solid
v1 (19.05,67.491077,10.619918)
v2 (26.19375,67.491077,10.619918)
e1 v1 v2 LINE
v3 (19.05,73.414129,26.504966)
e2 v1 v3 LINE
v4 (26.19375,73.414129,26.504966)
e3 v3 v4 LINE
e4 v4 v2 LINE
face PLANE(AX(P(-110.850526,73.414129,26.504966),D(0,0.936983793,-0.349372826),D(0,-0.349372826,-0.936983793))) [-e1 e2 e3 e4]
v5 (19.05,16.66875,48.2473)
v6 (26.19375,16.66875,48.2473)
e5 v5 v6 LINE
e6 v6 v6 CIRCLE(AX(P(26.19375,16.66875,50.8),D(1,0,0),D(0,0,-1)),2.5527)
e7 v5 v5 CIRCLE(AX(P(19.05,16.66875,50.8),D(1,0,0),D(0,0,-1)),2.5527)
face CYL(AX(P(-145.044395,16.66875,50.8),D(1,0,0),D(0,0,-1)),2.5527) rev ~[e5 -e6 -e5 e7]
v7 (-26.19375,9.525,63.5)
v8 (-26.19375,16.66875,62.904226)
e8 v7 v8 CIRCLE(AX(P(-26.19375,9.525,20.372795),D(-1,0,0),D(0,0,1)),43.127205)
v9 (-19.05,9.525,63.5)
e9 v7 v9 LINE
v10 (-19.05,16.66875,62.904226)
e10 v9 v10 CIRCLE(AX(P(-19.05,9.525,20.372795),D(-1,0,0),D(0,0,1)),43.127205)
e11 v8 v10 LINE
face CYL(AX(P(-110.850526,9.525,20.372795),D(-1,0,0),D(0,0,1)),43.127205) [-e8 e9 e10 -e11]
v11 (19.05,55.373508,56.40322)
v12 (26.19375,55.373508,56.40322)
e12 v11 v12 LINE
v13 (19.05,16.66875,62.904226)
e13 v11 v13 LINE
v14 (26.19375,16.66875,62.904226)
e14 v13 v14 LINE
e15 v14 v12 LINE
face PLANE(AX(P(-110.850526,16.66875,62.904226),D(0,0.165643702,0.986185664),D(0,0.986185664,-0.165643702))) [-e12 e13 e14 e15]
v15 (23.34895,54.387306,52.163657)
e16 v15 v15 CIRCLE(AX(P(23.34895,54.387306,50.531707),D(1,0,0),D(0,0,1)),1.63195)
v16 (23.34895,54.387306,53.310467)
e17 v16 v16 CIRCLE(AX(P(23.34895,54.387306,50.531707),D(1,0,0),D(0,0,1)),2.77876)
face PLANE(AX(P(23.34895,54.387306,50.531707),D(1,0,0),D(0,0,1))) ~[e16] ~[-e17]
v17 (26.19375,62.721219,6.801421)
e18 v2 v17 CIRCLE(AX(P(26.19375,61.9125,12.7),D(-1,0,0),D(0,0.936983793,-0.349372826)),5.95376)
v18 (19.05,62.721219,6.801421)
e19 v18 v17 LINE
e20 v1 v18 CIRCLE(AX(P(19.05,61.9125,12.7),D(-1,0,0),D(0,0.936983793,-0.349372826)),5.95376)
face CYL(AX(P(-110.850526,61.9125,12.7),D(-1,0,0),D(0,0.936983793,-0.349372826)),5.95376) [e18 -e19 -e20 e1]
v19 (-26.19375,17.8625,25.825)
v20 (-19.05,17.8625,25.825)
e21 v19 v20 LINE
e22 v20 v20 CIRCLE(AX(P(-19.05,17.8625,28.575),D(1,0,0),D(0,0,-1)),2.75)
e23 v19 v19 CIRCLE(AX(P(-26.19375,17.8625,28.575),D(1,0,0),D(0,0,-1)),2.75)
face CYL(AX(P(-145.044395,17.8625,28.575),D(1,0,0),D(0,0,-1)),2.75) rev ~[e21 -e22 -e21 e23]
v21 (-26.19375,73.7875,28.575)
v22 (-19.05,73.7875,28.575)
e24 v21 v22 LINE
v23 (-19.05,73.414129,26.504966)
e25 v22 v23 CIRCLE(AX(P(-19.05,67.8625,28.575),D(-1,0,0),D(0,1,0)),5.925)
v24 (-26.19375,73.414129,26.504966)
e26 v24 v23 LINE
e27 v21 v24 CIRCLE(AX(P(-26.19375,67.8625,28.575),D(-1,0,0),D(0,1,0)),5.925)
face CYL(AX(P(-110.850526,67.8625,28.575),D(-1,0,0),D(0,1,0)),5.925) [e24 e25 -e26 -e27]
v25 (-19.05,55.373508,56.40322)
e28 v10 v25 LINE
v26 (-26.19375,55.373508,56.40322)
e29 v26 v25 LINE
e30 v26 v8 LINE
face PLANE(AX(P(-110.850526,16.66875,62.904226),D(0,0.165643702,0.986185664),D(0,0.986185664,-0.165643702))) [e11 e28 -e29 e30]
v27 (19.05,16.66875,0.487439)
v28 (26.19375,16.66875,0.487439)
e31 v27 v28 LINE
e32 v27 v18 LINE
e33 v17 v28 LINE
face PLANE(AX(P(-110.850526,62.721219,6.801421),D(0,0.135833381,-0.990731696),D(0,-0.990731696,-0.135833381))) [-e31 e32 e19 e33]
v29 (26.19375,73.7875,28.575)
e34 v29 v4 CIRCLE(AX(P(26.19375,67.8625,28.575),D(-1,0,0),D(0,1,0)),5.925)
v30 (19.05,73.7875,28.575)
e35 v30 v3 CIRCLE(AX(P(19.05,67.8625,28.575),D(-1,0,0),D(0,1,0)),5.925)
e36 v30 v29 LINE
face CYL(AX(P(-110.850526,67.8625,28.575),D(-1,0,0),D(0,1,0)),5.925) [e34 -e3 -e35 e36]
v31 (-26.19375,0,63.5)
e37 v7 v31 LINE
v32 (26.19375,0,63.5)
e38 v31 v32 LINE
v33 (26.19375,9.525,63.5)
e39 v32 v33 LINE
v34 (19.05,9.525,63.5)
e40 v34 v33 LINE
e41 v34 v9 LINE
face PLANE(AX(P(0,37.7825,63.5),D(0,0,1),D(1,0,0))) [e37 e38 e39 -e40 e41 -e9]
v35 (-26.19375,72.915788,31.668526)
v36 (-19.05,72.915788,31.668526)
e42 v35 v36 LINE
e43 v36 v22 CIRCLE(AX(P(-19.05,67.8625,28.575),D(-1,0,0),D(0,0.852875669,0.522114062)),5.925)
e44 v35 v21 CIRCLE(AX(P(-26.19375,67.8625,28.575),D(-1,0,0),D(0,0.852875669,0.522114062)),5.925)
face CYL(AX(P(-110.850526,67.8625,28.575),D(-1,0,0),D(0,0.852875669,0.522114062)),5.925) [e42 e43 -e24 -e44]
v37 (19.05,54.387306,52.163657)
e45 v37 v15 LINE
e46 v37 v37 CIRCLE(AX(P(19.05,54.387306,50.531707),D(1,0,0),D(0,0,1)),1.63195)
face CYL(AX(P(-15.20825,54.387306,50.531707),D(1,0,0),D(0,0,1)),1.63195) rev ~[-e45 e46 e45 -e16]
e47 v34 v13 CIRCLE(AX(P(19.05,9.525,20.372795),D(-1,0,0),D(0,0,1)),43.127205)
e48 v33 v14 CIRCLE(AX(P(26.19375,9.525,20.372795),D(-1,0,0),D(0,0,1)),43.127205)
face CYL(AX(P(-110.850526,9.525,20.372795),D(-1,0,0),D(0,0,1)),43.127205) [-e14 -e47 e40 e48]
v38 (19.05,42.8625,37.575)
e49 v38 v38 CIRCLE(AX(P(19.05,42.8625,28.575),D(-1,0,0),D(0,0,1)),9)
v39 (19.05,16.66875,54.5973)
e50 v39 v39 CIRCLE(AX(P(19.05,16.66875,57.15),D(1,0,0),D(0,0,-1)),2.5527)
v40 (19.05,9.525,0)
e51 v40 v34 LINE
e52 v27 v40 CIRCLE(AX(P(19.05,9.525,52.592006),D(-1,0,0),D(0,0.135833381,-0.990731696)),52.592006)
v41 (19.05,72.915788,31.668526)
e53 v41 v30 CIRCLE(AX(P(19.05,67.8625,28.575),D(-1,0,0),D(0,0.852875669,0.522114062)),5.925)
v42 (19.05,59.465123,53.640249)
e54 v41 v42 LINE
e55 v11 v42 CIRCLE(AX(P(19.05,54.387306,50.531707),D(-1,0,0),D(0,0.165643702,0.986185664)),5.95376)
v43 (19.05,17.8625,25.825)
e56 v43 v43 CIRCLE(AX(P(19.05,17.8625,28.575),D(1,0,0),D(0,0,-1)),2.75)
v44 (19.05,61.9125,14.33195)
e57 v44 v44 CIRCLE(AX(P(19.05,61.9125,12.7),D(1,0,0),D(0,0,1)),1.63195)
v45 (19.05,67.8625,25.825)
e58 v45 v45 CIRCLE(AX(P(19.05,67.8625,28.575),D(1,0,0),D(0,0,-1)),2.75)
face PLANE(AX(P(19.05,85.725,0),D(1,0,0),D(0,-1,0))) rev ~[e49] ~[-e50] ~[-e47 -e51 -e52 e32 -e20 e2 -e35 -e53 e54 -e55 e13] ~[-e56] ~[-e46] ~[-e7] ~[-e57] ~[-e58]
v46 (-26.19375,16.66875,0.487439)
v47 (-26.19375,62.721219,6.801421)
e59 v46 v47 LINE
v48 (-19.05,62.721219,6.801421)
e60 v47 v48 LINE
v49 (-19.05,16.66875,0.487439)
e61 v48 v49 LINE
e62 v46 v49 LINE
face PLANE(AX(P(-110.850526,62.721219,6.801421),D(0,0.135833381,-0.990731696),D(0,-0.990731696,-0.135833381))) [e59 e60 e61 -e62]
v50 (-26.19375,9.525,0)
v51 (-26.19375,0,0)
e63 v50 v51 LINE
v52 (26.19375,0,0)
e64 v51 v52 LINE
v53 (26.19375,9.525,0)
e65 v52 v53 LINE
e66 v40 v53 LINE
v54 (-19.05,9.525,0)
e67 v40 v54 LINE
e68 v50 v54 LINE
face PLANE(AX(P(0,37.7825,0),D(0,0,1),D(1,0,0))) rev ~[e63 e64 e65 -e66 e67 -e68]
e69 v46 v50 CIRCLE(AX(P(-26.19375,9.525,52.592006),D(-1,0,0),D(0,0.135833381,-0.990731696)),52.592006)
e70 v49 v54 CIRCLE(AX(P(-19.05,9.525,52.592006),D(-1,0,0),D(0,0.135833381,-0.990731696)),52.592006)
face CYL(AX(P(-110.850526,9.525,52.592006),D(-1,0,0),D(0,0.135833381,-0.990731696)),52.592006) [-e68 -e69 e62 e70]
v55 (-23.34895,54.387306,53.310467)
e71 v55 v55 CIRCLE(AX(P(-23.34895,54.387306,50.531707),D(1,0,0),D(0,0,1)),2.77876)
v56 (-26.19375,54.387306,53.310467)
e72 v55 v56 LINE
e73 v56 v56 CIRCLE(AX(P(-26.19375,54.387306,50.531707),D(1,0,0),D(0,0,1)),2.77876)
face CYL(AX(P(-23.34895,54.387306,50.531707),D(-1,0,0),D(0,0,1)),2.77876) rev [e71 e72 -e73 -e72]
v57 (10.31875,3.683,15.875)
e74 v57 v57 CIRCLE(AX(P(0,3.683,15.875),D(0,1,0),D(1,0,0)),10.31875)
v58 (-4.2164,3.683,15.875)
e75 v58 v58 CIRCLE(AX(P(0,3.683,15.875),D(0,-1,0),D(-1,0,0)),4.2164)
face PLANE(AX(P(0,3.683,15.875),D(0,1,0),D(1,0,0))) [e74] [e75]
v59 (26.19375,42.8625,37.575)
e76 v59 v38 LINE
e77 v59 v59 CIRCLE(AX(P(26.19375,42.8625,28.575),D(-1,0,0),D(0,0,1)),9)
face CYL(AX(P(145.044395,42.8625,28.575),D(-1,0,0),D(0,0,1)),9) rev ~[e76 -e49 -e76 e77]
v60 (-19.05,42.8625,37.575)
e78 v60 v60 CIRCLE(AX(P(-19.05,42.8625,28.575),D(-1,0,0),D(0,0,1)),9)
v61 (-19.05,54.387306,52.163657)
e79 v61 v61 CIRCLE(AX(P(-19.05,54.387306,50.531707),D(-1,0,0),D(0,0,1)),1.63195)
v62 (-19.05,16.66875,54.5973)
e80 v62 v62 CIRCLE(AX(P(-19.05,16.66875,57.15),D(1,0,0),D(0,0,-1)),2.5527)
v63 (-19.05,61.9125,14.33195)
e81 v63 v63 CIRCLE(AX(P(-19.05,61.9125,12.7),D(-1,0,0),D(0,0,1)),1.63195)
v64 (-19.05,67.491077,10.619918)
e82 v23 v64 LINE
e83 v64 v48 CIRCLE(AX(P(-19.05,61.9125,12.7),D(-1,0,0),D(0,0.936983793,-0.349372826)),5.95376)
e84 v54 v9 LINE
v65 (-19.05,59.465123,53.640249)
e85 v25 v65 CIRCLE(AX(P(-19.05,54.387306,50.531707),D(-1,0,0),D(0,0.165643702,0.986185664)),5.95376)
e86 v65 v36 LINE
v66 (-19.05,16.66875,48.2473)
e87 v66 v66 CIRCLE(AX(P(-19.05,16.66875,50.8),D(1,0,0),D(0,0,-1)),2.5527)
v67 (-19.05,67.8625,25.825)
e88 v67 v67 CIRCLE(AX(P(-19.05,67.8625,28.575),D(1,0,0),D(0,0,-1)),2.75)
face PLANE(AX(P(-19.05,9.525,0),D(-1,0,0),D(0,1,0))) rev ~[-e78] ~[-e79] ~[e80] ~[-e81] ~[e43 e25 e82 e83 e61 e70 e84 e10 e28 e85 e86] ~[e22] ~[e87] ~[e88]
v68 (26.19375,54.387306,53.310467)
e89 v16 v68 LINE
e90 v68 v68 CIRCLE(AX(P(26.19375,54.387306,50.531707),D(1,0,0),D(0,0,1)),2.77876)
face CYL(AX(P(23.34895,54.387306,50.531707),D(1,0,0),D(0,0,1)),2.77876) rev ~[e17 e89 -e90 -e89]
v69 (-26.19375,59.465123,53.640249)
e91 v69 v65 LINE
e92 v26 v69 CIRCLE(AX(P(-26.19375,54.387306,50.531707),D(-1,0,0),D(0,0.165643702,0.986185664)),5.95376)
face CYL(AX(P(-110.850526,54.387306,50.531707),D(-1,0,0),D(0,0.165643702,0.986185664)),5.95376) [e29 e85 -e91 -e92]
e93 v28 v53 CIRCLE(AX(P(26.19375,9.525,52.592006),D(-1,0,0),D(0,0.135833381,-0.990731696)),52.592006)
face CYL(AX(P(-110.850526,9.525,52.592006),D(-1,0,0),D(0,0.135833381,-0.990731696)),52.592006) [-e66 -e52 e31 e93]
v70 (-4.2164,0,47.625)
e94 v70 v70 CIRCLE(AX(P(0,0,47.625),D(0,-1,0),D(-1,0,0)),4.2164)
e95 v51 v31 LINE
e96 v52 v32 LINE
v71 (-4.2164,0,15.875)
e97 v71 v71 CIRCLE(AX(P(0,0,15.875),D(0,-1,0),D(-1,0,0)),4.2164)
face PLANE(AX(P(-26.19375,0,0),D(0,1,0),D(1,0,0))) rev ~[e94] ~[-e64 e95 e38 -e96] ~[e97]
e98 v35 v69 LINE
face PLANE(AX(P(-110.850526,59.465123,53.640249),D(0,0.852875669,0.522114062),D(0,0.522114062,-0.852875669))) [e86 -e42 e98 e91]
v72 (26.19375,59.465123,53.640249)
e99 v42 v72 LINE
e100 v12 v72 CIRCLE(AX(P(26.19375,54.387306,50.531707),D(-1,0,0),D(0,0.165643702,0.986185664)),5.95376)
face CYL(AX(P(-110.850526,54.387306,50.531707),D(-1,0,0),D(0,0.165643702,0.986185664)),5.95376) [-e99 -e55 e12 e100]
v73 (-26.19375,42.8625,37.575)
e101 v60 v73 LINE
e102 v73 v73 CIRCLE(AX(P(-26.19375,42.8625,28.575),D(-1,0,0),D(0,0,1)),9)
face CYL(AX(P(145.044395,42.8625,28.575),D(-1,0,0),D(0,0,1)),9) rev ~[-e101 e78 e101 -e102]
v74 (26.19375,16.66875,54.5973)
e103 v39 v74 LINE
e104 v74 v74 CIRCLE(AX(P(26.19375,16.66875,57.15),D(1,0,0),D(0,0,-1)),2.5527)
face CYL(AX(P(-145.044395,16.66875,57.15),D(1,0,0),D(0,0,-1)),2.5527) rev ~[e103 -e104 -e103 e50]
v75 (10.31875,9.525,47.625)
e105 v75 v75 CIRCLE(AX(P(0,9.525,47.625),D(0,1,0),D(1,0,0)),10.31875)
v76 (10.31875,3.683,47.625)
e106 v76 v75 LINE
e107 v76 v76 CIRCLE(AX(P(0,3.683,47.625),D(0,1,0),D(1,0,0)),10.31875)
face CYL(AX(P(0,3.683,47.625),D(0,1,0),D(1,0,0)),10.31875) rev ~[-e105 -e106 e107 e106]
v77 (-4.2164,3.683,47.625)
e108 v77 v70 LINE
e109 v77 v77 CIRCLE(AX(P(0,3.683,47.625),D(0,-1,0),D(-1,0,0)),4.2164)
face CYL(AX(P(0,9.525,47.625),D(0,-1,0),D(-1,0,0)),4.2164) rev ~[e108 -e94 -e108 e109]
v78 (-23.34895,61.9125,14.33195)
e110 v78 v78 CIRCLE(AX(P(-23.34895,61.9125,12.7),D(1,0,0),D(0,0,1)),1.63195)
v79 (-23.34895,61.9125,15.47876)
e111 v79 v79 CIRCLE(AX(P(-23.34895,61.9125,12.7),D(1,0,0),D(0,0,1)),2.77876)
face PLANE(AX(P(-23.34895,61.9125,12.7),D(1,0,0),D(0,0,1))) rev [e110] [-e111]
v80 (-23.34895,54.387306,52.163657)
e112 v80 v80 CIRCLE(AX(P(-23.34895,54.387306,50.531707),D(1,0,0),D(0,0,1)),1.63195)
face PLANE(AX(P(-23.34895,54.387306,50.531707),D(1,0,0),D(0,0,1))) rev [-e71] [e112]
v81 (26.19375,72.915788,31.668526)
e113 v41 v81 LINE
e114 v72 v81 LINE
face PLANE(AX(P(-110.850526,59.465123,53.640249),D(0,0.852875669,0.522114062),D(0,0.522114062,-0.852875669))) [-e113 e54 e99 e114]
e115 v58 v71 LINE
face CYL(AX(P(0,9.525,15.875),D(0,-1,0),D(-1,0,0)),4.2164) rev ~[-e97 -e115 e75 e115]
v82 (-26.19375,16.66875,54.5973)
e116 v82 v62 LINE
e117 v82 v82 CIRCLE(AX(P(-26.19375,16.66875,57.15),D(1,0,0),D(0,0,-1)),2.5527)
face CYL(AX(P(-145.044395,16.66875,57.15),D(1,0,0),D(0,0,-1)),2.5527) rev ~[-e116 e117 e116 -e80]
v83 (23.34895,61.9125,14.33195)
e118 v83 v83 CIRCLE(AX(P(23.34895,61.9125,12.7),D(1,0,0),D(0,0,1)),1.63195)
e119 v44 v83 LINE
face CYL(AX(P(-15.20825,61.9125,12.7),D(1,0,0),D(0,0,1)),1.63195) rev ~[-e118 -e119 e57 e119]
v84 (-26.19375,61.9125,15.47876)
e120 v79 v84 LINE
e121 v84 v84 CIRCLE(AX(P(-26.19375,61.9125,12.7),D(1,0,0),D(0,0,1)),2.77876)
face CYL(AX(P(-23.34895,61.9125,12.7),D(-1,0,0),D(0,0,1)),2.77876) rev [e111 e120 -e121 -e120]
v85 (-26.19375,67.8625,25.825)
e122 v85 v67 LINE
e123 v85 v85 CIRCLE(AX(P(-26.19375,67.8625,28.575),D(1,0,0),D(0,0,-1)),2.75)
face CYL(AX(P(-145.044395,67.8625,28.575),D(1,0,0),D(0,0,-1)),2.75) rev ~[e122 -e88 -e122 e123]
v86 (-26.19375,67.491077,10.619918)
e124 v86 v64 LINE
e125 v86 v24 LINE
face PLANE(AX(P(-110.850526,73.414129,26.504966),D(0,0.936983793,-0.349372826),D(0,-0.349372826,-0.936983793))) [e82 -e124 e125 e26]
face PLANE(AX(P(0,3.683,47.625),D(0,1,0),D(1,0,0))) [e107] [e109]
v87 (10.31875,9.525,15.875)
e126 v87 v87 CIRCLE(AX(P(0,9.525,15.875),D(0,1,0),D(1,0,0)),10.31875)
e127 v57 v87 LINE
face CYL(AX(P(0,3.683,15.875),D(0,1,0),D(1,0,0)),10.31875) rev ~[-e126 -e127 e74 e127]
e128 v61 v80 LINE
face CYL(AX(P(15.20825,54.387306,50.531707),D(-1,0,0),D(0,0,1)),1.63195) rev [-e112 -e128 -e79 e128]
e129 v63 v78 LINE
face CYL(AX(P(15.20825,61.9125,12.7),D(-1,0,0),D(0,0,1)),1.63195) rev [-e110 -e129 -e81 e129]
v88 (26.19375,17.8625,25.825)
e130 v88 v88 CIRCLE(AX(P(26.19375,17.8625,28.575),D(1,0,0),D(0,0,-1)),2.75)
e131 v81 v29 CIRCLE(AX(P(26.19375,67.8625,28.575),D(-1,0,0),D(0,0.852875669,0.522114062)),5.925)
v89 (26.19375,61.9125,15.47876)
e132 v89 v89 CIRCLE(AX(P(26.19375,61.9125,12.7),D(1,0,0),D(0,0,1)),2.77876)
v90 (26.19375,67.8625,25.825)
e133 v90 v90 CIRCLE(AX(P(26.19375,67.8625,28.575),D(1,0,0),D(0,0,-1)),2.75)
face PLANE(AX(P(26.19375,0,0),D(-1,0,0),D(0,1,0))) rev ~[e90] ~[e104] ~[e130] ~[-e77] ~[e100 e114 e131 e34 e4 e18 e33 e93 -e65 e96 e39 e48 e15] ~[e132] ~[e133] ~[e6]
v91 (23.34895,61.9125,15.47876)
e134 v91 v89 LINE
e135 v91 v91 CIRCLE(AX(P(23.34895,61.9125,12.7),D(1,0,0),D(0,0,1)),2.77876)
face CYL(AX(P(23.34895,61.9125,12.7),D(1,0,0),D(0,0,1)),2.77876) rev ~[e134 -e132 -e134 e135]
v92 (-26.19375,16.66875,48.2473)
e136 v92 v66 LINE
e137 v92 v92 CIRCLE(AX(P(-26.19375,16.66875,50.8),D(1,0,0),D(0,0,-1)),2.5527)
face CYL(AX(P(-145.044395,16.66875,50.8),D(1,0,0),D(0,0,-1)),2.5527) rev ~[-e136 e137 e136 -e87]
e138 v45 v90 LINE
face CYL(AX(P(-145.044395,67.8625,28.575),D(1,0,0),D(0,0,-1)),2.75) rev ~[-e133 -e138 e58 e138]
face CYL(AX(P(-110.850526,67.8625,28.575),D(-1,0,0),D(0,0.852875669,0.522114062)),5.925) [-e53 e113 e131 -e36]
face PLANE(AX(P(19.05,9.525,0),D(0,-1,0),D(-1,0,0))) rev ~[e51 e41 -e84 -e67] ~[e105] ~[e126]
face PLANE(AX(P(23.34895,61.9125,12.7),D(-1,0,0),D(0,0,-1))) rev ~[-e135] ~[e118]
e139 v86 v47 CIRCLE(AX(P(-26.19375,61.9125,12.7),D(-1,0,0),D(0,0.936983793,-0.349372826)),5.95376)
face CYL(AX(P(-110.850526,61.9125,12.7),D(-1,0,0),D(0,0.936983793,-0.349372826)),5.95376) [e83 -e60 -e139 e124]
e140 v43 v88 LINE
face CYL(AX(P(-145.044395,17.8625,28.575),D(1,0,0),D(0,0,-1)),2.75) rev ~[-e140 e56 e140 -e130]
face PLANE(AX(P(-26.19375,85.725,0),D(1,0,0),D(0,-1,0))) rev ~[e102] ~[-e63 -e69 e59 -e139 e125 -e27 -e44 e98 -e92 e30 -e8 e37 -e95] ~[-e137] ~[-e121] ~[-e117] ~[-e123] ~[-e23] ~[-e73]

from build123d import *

# Parameters (mm, degrees)
BOSS_EXTRUDE1_DEPTH                           = 63.5
F_18_0_18_DIAMETER_HOLE1_D                    = 18
CBORE_FOR_4_SOCKET_HEAD_CAP_SCREW1_AT_2_COUNT = 2
CBORE_FOR_4_SOCKET_HEAD_CAP_SCREW1_AT_2_PITCH = 38.572873922
M5_CLEARANCE_HOLE1_D                          = 5.5
CBORE_FOR_5_16_HEX_MACHINE_SCREW1_D           = 8.4328
CBORE_FOR_5_16_HEX_MACHINE_SCREW1_CBORE_D     = 20.6375
CBORE_FOR_5_16_HEX_MACHINE_SCREW1_CBORE_DEPTH = 5.842
F_10_CLEARANCE_HOLE1_D                        = 5.1054
CUT_EXTRUDE1_DEPTH                            = 110.850526462
CUT_EXTRUDE1_DEPTH_BACK                       = 110.850526462


with BuildPart() as part:
    # Sketch1 → Boss-Extrude1 (new body)
    with BuildSketch(Plane.XY):
        Polygon((-26.19375, 0), (26.19375, 0), (26.19375, 9.525), (26.19375, 85.725), (19.05, 85.725), (19.05, 9.525), (-19.05, 9.525), (-19.05, 85.725), (-26.19375, 85.725), (-26.19375, 9.525), align=None)
    extrude(amount=BOSS_EXTRUDE1_DEPTH)

    # Ø18.0 (18) Diameter Hole1 (through all)
    with Locations(Plane(origin=(26.19375, 0, 0), x_dir=(0, 0, -1), z_dir=(1, 0, 0))):
        with Locations((-28.575, 42.8625)):
            Hole(F_18_0_18_DIAMETER_HOLE1_D / 2)

    # Sketch13 → CBORE for _4 Socket Head Cap Screw1 (revolve, cut)
    with BuildSketch(Plane(origin=(-26.19375, 61.9125, 12.7), x_dir=(0, 0, 1), z_dir=(0, 1, 0))):
        Polygon((0, 0), (0, 42.382574487), (1.63195, 41.402), (1.63195, 2.8448), (2.77876, 2.8448), (2.77876, 0), align=None)
    cbore_for_4_socket_head_cap_screw1 = revolve(axis=Axis((-32.54375, 61.9125, 12.7), (1, 0, 0)), mode=Mode.SUBTRACT)

    # CBORE for _4 Socket Head Cap Screw1 at 2: CBORE for _4 Socket Head Cap Screw1 ×2
    with Locations(*[Vector(0, -0.19509032201612558, 0.9807852804032311) * (i * CBORE_FOR_4_SOCKET_HEAD_CAP_SCREW1_AT_2_PITCH) for i in range(1, CBORE_FOR_4_SOCKET_HEAD_CAP_SCREW1_AT_2_COUNT)]):
        add(cbore_for_4_socket_head_cap_screw1, mode=Mode.SUBTRACT)

    # Mirror1: CBORE for _4 Socket Head Cap Screw1 across Right Plane
    add(cbore_for_4_socket_head_cap_screw1.mirror(Plane(origin=(0, 0, 0), x_dir=(0, 0, -1), z_dir=(1, 0, 0))), mode=Mode.SUBTRACT)

    # Mirror1 copy 1 sketch → Mirror1 copy 1 (revolve, cut)
    with BuildSketch(Plane(origin=(26.19375, 54.387305606, 50.531706965), x_dir=(0, 0, 1), z_dir=(0, 1, 0))):
        Polygon((0, 0), (0, -42.382574487), (1.63195, -41.402), (1.63195, -2.8448), (2.77876, -2.8448), (2.77876, 0), align=None)
    revolve(axis=Axis((32.54375, 54.387305606, 50.531706965), (1, 0, 0)), mode=Mode.SUBTRACT)

    # M5 Clearance Hole1 (through all)
    with Locations(Plane.ZY.offset(26.19375)):
        with Locations((28.575, 67.862500038), (28.575, 17.862499962)):
            m5_clearance_hole1 = Hole(M5_CLEARANCE_HOLE1_D / 2)

    # Mirror2: M5 Clearance Hole1 across plane
    add(m5_clearance_hole1.mirror(Plane(origin=(0, 0, 0), x_dir=(0, 0, 1), z_dir=(1, 0, 0))), mode=Mode.SUBTRACT)

    # CBORE for 5_16 Hex Machine Screw1 (through all)
    with Locations(Plane(origin=(0, 9.525, 0), x_dir=(1, 0, 0), z_dir=(0, 1, 0))):
        with Locations((0, -47.625), (0, -15.875)):
            CounterBoreHole(CBORE_FOR_5_16_HEX_MACHINE_SCREW1_D / 2, CBORE_FOR_5_16_HEX_MACHINE_SCREW1_CBORE_D / 2, CBORE_FOR_5_16_HEX_MACHINE_SCREW1_CBORE_DEPTH)

    # 10 Clearance Hole1 (through all)
    with Locations(Plane.ZY.offset(26.19375)):
        with Locations((57.15, 16.66875), (50.8, 16.66875)):
            Hole(F_10_CLEARANCE_HOLE1_D / 2)

    # Sketch33 → Cut-Extrude1 (cut, two sides: drawn at the far end of the back side and taken through both)
    with BuildSketch(Plane(origin=(0, 0, 0), x_dir=(0, 0, -1), z_dir=(1, 0, 0)).offset(-CUT_EXTRUDE1_DEPTH_BACK)):
        with BuildLine():
            Line((0, 9.525), (0, 85.725))
            Line((0, 85.725), (-63.5, 85.725))
            Line((-63.5, 85.725), (-63.5, 9.525))
            ThreePointArc((-63.5, 9.525), (-63.350798487, 13.109275044), (-62.904226292, 16.66875))
            Line((-62.904226292, 16.66875), (-56.403219724, 55.373508453))
            ThreePointArc((-56.403219724, 55.373508453), (-55.465840296, 57.719209927), (-53.640248783, 59.465122647))
            Line((-53.640248783, 59.465122647), (-31.668525817, 72.915788375))
            ThreePointArc((-31.668525817, 72.915788375), (-30.181999005, 73.565409751), (-28.575, 73.787500038))
            ThreePointArc((-28.575, 73.787500038), (-27.523281567, 73.693410202), (-26.504966009, 73.414129013))
            Line((-26.504966009, 73.414129013), (-10.619918046, 67.491076629))
            ThreePointArc((-10.619918046, 67.491076629), (-8.052135843, 65.633335513), (-6.80142126, 62.721219352))
            Line((-6.80142126, 62.721219352), (-0.487438724, 16.66875))
            ThreePointArc((-0.487438724, 16.66875), (-0.122001188, 13.105180183), (0, 9.525))
        make_face()
    extrude(amount=CUT_EXTRUDE1_DEPTH + CUT_EXTRUDE1_DEPTH_BACK, mode=Mode.SUBTRACT)


solid = part.part
